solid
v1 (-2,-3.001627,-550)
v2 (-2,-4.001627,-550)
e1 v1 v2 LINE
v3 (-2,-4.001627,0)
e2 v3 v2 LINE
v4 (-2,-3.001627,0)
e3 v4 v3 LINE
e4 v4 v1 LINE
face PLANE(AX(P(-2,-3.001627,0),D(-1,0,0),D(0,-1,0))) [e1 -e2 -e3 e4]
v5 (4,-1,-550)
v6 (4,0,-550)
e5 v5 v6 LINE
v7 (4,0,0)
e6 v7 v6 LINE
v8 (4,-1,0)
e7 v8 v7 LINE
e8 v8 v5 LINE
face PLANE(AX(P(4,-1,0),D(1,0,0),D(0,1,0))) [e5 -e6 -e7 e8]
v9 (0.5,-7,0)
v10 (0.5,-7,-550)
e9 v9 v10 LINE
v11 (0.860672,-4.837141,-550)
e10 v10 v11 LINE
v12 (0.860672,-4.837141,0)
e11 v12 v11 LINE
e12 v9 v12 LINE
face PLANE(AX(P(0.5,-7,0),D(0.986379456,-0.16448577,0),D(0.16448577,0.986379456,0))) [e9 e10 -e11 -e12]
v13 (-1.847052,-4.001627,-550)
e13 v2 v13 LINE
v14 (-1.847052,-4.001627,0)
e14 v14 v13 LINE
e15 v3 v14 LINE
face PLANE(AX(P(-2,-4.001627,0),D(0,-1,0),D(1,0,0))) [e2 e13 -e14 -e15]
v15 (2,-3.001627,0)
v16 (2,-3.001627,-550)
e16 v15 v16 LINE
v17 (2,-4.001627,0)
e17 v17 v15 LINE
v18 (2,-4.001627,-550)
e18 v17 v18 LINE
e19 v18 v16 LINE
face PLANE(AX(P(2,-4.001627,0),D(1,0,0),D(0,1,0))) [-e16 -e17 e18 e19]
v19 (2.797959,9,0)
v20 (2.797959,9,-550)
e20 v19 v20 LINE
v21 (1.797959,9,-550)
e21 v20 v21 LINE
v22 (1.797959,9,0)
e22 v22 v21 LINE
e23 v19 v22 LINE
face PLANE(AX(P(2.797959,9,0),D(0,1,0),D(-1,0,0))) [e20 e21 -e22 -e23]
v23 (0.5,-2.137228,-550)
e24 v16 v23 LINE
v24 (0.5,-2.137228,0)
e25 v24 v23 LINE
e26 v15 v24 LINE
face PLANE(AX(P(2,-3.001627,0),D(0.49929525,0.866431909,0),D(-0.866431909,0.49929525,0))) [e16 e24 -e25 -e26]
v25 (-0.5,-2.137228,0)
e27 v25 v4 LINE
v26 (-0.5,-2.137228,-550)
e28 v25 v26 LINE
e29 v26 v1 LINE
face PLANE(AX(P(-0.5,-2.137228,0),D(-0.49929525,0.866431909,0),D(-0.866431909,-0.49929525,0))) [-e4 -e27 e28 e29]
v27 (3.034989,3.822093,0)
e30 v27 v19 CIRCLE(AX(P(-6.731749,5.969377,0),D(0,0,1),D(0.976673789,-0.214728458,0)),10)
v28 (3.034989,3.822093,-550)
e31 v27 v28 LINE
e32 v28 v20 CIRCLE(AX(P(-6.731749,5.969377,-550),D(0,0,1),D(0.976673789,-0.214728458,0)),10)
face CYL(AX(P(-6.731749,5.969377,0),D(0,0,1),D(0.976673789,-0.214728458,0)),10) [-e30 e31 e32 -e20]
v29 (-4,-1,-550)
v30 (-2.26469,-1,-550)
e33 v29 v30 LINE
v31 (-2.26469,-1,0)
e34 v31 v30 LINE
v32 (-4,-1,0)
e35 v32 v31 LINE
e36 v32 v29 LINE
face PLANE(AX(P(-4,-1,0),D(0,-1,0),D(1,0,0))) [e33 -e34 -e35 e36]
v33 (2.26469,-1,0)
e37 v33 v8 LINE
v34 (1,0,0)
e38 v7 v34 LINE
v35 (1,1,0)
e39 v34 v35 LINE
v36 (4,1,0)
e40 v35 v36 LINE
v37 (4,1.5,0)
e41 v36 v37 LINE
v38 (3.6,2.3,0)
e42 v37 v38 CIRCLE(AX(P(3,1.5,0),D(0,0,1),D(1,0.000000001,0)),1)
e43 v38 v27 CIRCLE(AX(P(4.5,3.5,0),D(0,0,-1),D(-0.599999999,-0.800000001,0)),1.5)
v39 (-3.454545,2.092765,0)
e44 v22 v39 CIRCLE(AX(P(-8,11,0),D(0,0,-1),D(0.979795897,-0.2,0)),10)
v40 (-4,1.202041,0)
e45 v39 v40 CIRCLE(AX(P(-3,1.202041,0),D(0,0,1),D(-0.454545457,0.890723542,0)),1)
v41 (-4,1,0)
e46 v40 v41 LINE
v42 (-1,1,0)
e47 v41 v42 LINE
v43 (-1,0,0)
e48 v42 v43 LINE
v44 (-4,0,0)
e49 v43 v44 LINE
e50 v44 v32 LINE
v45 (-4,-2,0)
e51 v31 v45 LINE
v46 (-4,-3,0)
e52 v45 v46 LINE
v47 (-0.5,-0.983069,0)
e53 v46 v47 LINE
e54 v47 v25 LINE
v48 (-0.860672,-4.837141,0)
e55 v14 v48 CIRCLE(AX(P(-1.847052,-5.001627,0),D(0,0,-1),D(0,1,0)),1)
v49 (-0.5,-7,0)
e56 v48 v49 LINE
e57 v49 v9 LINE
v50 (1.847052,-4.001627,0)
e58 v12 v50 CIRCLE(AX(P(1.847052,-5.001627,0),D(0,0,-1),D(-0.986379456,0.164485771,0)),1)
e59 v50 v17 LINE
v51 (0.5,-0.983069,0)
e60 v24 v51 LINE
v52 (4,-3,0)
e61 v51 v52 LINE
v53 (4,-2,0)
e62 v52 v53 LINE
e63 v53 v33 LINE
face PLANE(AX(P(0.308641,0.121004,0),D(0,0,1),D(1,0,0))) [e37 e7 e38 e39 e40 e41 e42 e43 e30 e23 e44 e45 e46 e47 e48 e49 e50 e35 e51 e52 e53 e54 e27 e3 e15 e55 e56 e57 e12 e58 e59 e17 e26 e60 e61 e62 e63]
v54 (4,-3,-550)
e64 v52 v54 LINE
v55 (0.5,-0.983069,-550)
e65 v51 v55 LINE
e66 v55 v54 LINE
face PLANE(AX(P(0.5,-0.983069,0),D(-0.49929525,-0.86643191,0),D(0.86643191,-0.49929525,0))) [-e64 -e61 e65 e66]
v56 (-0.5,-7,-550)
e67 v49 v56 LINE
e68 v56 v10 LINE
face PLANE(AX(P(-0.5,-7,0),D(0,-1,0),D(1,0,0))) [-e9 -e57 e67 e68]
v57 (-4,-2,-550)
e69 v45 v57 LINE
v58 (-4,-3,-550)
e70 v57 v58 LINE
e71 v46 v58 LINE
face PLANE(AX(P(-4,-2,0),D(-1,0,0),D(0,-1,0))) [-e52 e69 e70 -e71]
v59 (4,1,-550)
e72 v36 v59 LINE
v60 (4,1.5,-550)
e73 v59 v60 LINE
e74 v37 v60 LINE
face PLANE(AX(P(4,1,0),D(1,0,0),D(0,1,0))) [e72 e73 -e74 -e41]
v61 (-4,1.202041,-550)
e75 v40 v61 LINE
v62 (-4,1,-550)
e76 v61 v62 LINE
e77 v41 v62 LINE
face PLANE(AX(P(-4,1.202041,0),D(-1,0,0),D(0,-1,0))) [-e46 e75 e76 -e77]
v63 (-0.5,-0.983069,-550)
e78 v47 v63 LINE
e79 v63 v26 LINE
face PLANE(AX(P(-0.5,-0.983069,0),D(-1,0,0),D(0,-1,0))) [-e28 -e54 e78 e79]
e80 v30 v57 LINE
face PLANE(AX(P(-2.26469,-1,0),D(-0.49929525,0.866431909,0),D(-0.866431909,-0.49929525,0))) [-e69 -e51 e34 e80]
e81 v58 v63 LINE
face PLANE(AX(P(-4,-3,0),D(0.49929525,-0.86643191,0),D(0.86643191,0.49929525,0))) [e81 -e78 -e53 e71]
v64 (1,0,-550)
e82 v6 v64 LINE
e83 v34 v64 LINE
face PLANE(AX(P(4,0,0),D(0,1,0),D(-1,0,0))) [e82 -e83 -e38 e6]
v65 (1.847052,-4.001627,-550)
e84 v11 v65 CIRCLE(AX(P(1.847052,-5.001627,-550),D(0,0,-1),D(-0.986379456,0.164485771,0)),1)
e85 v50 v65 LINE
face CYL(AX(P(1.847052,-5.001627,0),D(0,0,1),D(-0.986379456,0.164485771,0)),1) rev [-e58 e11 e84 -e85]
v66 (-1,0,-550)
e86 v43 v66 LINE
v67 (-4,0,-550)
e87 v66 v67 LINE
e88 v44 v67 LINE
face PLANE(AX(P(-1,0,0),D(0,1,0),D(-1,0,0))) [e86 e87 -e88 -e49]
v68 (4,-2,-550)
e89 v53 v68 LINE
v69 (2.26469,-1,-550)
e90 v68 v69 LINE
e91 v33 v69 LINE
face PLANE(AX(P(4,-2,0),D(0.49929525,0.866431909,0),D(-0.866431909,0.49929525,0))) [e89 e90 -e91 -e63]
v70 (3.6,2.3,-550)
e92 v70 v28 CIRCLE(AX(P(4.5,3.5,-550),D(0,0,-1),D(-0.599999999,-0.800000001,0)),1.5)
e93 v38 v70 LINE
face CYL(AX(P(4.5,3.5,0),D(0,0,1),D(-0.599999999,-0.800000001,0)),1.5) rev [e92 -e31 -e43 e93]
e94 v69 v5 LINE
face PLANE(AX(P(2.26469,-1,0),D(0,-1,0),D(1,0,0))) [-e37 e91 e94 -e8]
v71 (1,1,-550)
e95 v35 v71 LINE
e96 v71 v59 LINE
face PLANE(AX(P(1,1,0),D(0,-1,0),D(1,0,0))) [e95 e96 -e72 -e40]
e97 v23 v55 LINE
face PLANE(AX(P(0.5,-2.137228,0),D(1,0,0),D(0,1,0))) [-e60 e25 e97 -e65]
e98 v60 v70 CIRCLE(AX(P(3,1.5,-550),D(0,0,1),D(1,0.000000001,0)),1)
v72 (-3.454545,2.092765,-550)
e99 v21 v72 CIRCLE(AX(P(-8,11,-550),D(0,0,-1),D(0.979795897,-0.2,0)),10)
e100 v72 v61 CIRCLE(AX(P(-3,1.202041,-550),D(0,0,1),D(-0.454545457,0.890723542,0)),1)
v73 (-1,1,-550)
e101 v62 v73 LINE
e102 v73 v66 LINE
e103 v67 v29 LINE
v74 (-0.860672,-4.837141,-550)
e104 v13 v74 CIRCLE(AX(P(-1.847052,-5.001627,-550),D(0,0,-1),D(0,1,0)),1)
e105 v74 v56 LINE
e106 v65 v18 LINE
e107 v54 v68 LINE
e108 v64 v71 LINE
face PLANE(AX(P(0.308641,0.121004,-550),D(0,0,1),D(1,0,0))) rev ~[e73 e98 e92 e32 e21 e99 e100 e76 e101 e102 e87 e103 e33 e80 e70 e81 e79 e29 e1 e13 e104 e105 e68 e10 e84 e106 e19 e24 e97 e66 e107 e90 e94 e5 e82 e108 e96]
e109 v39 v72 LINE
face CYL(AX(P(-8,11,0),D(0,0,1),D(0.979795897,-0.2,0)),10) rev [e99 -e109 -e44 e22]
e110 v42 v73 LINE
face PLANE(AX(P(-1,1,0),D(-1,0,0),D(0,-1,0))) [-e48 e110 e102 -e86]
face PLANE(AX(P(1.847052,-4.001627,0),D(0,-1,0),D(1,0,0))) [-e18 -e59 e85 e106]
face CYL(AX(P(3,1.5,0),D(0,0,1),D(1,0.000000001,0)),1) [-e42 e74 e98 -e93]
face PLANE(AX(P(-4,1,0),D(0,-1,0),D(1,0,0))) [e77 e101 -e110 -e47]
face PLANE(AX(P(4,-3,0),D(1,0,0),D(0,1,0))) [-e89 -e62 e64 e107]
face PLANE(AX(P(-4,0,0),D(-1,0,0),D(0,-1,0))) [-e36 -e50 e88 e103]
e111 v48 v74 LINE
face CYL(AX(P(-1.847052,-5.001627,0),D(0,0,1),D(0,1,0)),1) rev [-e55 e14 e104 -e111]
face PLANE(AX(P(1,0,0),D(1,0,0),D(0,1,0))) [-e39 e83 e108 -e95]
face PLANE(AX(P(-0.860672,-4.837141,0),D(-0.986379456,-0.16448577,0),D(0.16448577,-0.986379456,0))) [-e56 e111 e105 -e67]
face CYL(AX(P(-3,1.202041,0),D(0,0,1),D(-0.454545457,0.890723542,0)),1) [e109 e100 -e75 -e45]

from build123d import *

# Parameters (mm, degrees)
EXTRUSION1_DEPTH = 550


with BuildPart() as part:
    # Esquisse1 → Extrusion1 (new body)
    with BuildSketch(Plane.XY):
        with BuildLine():
            Line((4, 0), (1, 0))
            Line((1, 0), (1, 1))
            Line((1, 1), (4, 1))
            Line((4, 1), (4, 1.5))
            ThreePointArc((4, 1.5), (3.894427191, 1.947213595), (3.6, 2.3))
            ThreePointArc((3.6, 2.3), (3.093760184, 2.977994654), (3.034989317, 3.822092686))
            ThreePointArc((3.034989317, 3.822092686), (3.257790087, 6.426670848), (2.797958971, 9))
            Line((2.797958971, 9), (1.797958971, 9))
            ThreePointArc((1.797958971, 9), (-0.040046913, 4.946972092), (-3.454545455, 2.092764572))
            ThreePointArc((-3.454545455, 2.092764572), (-3.852802865, 1.724273997), (-4, 1.202041029))
            Line((-4, 1.202041029), (-4, 1))
            Line((-4, 1), (-1, 1))
            Line((-1, 1), (-1, 0))
            Line((-1, 0), (-4, 0))
            Line((-4, 0), (-4, -1))
            Line((-4, -1), (-2.264690261, -1))
            Line((-2.264690261, -1), (-4, -2))
            Line((-4, -2), (-4, -3))
            Line((-4, -3), (-0.5, -0.983069005))
            Line((-0.5, -0.983069005), (-0.5, -2.13722779))
            Line((-0.5, -2.13722779), (-2, -3.001626788))
            Line((-2, -3.001626788), (-2, -4.001626788))
            Line((-2, -4.001626788), (-1.847051532, -4.001626788))
            ThreePointArc((-1.847051532, -4.001626788), (-1.200710202, -4.238578372), (-0.860672076, -4.837141017))
            Line((-0.860672076, -4.837141017), (-0.5, -7))
            Line((-0.5, -7), (0.5, -7))
            Line((0.5, -7), (0.860672076, -4.837141017))
            ThreePointArc((0.860672076, -4.837141017), (1.200710202, -4.238578372), (1.847051532, -4.001626788))
            Line((1.847051532, -4.001626788), (2, -4.001626788))
            Line((2, -4.001626788), (2, -3.001626788))
            Line((2, -3.001626788), (0.5, -2.13722779))
            Line((0.5, -2.13722779), (0.5, -0.983069005))
            Line((0.5, -0.983069005), (4, -3))
            Line((4, -3), (4, -2))
            Line((4, -2), (2.264690261, -1))
            Line((2.264690261, -1), (4, -1))
            Line((4, -1), (4, 0))
        make_face()
    extrude(amount=-EXTRUSION1_DEPTH)


solid = part.part
